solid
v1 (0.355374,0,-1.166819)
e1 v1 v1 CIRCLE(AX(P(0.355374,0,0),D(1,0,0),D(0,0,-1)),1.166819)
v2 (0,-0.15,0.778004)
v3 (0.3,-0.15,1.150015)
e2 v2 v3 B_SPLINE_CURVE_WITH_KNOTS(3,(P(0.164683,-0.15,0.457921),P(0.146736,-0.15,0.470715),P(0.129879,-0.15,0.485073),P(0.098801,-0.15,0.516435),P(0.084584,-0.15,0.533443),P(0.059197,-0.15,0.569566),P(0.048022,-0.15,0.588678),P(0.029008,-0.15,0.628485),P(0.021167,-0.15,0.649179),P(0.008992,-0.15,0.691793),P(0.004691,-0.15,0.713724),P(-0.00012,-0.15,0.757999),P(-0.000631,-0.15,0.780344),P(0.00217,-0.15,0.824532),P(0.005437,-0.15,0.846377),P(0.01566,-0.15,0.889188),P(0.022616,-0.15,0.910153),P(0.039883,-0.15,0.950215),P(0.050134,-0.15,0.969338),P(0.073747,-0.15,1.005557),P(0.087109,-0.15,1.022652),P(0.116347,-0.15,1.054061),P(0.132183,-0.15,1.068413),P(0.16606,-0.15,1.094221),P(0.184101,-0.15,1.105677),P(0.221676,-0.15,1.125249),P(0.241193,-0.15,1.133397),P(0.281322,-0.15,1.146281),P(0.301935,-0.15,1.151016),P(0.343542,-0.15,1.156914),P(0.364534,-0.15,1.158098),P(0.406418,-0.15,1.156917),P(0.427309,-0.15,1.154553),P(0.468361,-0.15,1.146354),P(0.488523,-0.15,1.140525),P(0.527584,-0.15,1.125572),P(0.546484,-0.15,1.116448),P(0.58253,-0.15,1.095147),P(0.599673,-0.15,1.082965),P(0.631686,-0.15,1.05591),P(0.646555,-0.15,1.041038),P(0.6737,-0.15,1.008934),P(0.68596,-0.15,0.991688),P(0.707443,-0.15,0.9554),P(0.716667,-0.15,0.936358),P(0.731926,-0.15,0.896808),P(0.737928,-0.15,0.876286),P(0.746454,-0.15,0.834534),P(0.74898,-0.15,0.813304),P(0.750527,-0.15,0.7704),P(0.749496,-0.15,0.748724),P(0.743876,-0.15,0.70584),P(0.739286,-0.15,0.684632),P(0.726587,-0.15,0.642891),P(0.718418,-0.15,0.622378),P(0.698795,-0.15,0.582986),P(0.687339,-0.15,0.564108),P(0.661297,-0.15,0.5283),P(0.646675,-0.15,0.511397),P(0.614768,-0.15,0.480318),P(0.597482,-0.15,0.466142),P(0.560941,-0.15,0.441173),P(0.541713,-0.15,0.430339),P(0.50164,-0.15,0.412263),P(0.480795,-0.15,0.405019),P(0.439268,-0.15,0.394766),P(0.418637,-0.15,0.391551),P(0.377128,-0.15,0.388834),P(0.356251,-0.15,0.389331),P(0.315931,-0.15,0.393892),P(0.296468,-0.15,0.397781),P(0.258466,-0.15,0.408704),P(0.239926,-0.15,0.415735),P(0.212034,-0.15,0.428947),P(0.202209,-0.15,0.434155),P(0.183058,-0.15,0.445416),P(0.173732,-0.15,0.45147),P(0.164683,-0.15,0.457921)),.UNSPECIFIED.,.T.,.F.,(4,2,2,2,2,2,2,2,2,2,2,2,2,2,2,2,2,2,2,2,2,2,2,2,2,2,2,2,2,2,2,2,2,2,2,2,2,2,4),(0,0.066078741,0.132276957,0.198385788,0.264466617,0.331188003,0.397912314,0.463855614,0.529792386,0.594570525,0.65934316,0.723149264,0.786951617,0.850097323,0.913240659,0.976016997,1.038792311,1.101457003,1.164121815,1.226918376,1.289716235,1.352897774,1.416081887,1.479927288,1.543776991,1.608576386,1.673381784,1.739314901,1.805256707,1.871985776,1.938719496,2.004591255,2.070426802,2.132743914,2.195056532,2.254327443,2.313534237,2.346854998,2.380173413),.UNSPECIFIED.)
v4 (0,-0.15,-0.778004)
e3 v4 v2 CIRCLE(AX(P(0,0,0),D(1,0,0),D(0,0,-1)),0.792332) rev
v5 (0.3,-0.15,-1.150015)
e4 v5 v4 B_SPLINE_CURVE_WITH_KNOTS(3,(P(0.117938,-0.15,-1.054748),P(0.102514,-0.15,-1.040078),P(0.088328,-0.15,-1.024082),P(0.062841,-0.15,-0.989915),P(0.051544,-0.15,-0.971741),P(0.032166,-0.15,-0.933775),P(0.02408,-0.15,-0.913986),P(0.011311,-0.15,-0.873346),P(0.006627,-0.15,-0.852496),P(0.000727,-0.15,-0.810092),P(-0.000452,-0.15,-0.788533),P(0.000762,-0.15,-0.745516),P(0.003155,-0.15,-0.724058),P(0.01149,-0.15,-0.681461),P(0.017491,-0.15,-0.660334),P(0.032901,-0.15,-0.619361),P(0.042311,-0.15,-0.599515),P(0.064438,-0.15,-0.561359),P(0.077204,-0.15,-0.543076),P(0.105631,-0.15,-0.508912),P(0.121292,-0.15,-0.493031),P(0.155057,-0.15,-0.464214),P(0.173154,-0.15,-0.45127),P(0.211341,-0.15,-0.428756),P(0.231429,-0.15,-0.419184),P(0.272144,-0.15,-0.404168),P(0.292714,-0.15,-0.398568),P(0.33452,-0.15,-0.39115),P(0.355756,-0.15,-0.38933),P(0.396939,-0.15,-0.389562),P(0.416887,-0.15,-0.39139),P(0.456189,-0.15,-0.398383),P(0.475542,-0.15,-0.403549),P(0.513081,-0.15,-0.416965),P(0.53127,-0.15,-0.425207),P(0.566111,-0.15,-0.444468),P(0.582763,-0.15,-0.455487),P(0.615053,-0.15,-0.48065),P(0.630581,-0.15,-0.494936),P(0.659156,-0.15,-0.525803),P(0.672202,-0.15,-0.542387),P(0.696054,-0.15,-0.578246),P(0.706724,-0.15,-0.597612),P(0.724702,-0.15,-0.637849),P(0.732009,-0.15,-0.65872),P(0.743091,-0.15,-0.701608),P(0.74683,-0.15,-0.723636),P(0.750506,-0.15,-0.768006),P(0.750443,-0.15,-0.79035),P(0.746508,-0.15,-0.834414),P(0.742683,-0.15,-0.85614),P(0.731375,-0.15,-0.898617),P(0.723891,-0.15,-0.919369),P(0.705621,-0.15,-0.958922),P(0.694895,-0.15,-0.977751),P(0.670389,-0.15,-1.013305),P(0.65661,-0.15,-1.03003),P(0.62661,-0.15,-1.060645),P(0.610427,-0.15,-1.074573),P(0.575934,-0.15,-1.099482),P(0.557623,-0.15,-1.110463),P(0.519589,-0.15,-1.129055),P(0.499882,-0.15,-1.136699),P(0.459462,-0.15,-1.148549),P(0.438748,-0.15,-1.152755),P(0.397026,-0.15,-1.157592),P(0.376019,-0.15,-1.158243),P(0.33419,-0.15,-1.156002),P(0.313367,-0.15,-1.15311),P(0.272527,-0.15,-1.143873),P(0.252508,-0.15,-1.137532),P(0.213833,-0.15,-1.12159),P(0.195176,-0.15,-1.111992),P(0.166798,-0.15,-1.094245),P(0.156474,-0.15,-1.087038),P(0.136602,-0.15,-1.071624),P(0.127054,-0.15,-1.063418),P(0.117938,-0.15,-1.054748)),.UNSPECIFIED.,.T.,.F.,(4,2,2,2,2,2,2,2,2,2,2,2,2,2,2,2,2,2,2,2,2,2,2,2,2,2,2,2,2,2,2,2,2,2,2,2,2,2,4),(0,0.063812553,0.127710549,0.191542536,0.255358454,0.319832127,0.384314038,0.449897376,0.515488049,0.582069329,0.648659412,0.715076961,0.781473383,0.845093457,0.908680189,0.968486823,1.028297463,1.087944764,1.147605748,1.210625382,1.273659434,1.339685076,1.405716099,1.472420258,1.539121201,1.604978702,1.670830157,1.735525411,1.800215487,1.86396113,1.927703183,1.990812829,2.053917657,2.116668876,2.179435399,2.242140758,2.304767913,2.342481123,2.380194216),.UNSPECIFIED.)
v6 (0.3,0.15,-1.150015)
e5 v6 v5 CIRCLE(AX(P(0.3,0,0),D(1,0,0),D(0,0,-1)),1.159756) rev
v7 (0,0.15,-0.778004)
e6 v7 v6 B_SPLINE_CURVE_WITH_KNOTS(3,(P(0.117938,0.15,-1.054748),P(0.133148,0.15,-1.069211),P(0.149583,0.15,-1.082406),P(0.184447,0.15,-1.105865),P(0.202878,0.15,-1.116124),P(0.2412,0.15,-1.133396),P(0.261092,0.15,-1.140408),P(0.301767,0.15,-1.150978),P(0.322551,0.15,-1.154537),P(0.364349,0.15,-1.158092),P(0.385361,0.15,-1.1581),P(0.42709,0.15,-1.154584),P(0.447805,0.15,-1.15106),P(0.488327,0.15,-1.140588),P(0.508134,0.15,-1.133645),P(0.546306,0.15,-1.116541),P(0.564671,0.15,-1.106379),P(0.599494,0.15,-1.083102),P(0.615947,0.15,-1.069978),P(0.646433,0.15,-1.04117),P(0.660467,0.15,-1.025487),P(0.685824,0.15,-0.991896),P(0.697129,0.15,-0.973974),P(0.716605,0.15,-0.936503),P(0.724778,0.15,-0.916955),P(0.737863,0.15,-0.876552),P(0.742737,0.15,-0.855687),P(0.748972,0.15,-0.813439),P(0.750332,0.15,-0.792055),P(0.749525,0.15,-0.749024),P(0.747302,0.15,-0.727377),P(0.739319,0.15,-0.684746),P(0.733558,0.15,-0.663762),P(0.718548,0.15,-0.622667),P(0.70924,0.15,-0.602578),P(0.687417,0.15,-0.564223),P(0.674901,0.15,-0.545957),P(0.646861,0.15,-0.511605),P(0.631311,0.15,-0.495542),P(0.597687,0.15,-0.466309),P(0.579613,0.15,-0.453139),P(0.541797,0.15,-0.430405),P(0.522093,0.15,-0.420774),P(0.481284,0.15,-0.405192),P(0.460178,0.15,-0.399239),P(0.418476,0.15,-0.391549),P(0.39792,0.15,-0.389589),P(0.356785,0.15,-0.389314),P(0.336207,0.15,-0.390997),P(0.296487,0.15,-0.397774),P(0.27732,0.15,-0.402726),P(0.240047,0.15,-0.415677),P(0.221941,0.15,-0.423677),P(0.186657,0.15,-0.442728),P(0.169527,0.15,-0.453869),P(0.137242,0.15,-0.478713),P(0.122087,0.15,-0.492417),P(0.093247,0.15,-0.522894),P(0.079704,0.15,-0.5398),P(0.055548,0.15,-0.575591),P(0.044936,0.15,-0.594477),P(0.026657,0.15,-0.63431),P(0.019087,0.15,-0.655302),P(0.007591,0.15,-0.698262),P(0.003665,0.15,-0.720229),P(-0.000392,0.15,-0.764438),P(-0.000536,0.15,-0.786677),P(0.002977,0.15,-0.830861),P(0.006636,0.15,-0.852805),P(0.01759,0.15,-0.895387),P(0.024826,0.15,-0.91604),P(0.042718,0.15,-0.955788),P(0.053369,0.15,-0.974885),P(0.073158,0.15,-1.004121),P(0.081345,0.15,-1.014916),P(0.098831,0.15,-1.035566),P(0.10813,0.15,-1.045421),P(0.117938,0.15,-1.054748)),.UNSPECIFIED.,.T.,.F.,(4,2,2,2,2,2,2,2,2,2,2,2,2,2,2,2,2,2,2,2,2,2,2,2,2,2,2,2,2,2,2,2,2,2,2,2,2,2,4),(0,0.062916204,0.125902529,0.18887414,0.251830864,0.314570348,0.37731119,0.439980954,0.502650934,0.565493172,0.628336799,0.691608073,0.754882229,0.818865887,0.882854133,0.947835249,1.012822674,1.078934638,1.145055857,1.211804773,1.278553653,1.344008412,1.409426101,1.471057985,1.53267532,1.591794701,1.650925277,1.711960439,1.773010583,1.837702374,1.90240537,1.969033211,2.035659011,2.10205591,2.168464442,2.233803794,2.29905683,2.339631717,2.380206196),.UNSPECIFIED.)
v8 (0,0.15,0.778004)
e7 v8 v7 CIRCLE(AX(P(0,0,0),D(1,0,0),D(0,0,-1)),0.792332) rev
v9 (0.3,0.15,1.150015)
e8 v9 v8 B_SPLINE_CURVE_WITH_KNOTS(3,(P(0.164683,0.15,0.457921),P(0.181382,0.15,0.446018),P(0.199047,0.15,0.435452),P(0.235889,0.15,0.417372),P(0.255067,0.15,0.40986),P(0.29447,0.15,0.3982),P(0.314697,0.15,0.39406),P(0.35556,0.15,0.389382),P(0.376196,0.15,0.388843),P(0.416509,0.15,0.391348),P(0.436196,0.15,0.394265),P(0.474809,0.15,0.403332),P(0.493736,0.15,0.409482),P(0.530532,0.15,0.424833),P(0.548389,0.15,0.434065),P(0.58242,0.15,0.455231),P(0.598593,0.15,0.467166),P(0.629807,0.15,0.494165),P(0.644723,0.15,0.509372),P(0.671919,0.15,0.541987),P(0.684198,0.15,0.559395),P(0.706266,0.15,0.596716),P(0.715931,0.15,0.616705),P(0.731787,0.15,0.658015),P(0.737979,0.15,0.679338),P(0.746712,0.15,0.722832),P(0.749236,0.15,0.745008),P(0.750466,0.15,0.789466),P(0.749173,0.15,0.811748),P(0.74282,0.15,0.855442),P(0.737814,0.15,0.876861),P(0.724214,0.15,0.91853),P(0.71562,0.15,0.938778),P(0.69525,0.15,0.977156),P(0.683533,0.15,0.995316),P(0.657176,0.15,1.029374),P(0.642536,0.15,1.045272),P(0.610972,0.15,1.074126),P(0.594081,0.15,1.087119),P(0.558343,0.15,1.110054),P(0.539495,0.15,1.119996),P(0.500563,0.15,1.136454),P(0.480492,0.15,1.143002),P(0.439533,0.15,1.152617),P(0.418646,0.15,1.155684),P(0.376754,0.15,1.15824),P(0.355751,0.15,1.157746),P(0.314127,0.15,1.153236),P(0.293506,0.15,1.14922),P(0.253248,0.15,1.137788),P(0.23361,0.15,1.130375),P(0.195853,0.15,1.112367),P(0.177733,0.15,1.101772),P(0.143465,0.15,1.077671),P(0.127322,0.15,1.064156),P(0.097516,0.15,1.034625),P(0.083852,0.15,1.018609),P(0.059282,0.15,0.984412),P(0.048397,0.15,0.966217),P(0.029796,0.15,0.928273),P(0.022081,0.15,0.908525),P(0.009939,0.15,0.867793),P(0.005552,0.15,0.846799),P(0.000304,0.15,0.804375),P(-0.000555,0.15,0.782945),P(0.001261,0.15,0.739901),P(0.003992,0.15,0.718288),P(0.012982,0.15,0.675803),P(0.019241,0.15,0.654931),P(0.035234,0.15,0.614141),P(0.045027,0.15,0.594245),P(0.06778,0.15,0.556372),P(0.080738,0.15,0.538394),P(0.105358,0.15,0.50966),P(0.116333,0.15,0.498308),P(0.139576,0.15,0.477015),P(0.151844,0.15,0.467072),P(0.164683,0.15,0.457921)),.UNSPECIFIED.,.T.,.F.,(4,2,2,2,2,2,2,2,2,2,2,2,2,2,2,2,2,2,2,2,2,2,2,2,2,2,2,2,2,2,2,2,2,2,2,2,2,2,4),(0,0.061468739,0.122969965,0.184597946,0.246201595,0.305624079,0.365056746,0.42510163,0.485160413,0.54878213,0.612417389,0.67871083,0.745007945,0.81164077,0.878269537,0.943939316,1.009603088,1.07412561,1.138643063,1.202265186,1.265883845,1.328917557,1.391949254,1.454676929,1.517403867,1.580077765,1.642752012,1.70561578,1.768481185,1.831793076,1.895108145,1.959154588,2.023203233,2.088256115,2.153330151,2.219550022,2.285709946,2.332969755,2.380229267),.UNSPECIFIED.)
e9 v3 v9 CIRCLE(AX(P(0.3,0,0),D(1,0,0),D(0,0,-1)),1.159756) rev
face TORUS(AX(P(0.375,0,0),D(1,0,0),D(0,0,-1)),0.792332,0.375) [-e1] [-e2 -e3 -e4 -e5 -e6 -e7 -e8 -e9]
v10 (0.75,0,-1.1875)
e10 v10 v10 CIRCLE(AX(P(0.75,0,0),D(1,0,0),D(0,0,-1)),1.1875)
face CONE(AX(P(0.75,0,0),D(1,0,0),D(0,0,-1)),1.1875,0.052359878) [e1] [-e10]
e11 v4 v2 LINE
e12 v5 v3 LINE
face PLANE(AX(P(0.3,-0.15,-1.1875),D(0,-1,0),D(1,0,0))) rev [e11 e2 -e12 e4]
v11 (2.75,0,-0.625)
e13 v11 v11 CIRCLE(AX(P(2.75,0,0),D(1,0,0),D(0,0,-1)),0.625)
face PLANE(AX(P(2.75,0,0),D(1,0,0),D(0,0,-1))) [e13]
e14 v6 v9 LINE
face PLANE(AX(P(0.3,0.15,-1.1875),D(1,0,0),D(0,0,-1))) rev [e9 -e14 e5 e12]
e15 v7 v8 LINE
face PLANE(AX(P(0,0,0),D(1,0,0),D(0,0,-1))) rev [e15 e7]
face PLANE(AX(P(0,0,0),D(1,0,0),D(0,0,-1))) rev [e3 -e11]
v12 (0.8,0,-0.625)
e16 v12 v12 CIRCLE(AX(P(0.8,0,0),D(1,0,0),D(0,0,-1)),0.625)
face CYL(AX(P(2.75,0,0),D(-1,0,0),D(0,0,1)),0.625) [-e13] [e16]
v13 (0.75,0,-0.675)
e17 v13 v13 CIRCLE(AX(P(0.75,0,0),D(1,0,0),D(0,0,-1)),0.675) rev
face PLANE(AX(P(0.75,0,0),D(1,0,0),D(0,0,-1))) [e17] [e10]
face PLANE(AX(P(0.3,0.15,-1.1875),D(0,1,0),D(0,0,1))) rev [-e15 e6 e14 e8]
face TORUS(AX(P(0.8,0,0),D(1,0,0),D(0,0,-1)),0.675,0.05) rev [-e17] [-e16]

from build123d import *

# Parameters (mm, degrees)
SKETCH1_R        = 4.75
BASEHEAD_DEPTH   = 3
BASEHEAD_DRAFT   = -3
SKETCH2_R        = 2.5
BASEBODY_DEPTH   = 8
HEADFILLET2_R    = 1.5
NOTCH_DEPTH      = 13.458129876
NOTCH_DEPTH_BACK = 13.458129876
SKETCH3_W        = 1.2
SKETCH3_H        = 1.2
HEADFILLET1_R    = 0.2
SCALE_1_SCALE    = 0.25


with BuildPart() as part:
    # Sketch1 → BaseHead (with draft: the straight prism first)
    with BuildSketch(Plane(origin=(3, 0, 0), x_dir=(0, 0, -1), z_dir=(1, 0, 0))):
        Circle(SKETCH1_R)
    extrude(amount=-BASEHEAD_DEPTH)
    # BaseHead: the draft: its side faces are tilted about the plane it starts from
    basehead_sides = [part.faces().sort_by_distance(p)[0] for p in [
        (1.5, 0, 4.75),
    ]]
    draft(basehead_sides, Plane(origin=(3, 0, 0), x_dir=(0, 0, -1), z_dir=(1, 0, 0)), BASEHEAD_DRAFT)

    # Sketch2 → BaseBody (add)
    with BuildSketch(Plane(origin=(3, 0, 0), x_dir=(0, 0, -1), z_dir=(1, 0, 0))):
        Circle(SKETCH2_R)
    extrude(amount=BASEBODY_DEPTH)

    # HeadFillet2
    headfillet2_edges = [part.edges().sort_by_distance(p)[0] for p in [
        (0, 0, 4.592776662),
    ]]
    fillet(headfillet2_edges, radius=HEADFILLET2_R)

    # Sketch3 → Notch (cut, two sides: drawn at the far end of the back side and taken through both)
    with BuildSketch(Plane(origin=(1.05, -1.05, 0), x_dir=(0, -1, 0), z_dir=(0, 0, 1)).offset(-NOTCH_DEPTH_BACK)):
        with Locations((-1.05, -0.45)):
            Rectangle(SKETCH3_W, SKETCH3_H)
    extrude(amount=NOTCH_DEPTH + NOTCH_DEPTH_BACK, mode=Mode.SUBTRACT)

    # HeadFillet1
    headfillet1_edges = [part.edges().sort_by_distance(p)[0] for p in [
        (3, 0, 2.5),
    ]]
    fillet(headfillet1_edges, radius=HEADFILLET1_R)


with BuildPart() as part_1:
    # 缩放比例1: scaled about (0, 0, 0)
    add(part.part.scale(SCALE_1_SCALE))


solid = part_1.part
